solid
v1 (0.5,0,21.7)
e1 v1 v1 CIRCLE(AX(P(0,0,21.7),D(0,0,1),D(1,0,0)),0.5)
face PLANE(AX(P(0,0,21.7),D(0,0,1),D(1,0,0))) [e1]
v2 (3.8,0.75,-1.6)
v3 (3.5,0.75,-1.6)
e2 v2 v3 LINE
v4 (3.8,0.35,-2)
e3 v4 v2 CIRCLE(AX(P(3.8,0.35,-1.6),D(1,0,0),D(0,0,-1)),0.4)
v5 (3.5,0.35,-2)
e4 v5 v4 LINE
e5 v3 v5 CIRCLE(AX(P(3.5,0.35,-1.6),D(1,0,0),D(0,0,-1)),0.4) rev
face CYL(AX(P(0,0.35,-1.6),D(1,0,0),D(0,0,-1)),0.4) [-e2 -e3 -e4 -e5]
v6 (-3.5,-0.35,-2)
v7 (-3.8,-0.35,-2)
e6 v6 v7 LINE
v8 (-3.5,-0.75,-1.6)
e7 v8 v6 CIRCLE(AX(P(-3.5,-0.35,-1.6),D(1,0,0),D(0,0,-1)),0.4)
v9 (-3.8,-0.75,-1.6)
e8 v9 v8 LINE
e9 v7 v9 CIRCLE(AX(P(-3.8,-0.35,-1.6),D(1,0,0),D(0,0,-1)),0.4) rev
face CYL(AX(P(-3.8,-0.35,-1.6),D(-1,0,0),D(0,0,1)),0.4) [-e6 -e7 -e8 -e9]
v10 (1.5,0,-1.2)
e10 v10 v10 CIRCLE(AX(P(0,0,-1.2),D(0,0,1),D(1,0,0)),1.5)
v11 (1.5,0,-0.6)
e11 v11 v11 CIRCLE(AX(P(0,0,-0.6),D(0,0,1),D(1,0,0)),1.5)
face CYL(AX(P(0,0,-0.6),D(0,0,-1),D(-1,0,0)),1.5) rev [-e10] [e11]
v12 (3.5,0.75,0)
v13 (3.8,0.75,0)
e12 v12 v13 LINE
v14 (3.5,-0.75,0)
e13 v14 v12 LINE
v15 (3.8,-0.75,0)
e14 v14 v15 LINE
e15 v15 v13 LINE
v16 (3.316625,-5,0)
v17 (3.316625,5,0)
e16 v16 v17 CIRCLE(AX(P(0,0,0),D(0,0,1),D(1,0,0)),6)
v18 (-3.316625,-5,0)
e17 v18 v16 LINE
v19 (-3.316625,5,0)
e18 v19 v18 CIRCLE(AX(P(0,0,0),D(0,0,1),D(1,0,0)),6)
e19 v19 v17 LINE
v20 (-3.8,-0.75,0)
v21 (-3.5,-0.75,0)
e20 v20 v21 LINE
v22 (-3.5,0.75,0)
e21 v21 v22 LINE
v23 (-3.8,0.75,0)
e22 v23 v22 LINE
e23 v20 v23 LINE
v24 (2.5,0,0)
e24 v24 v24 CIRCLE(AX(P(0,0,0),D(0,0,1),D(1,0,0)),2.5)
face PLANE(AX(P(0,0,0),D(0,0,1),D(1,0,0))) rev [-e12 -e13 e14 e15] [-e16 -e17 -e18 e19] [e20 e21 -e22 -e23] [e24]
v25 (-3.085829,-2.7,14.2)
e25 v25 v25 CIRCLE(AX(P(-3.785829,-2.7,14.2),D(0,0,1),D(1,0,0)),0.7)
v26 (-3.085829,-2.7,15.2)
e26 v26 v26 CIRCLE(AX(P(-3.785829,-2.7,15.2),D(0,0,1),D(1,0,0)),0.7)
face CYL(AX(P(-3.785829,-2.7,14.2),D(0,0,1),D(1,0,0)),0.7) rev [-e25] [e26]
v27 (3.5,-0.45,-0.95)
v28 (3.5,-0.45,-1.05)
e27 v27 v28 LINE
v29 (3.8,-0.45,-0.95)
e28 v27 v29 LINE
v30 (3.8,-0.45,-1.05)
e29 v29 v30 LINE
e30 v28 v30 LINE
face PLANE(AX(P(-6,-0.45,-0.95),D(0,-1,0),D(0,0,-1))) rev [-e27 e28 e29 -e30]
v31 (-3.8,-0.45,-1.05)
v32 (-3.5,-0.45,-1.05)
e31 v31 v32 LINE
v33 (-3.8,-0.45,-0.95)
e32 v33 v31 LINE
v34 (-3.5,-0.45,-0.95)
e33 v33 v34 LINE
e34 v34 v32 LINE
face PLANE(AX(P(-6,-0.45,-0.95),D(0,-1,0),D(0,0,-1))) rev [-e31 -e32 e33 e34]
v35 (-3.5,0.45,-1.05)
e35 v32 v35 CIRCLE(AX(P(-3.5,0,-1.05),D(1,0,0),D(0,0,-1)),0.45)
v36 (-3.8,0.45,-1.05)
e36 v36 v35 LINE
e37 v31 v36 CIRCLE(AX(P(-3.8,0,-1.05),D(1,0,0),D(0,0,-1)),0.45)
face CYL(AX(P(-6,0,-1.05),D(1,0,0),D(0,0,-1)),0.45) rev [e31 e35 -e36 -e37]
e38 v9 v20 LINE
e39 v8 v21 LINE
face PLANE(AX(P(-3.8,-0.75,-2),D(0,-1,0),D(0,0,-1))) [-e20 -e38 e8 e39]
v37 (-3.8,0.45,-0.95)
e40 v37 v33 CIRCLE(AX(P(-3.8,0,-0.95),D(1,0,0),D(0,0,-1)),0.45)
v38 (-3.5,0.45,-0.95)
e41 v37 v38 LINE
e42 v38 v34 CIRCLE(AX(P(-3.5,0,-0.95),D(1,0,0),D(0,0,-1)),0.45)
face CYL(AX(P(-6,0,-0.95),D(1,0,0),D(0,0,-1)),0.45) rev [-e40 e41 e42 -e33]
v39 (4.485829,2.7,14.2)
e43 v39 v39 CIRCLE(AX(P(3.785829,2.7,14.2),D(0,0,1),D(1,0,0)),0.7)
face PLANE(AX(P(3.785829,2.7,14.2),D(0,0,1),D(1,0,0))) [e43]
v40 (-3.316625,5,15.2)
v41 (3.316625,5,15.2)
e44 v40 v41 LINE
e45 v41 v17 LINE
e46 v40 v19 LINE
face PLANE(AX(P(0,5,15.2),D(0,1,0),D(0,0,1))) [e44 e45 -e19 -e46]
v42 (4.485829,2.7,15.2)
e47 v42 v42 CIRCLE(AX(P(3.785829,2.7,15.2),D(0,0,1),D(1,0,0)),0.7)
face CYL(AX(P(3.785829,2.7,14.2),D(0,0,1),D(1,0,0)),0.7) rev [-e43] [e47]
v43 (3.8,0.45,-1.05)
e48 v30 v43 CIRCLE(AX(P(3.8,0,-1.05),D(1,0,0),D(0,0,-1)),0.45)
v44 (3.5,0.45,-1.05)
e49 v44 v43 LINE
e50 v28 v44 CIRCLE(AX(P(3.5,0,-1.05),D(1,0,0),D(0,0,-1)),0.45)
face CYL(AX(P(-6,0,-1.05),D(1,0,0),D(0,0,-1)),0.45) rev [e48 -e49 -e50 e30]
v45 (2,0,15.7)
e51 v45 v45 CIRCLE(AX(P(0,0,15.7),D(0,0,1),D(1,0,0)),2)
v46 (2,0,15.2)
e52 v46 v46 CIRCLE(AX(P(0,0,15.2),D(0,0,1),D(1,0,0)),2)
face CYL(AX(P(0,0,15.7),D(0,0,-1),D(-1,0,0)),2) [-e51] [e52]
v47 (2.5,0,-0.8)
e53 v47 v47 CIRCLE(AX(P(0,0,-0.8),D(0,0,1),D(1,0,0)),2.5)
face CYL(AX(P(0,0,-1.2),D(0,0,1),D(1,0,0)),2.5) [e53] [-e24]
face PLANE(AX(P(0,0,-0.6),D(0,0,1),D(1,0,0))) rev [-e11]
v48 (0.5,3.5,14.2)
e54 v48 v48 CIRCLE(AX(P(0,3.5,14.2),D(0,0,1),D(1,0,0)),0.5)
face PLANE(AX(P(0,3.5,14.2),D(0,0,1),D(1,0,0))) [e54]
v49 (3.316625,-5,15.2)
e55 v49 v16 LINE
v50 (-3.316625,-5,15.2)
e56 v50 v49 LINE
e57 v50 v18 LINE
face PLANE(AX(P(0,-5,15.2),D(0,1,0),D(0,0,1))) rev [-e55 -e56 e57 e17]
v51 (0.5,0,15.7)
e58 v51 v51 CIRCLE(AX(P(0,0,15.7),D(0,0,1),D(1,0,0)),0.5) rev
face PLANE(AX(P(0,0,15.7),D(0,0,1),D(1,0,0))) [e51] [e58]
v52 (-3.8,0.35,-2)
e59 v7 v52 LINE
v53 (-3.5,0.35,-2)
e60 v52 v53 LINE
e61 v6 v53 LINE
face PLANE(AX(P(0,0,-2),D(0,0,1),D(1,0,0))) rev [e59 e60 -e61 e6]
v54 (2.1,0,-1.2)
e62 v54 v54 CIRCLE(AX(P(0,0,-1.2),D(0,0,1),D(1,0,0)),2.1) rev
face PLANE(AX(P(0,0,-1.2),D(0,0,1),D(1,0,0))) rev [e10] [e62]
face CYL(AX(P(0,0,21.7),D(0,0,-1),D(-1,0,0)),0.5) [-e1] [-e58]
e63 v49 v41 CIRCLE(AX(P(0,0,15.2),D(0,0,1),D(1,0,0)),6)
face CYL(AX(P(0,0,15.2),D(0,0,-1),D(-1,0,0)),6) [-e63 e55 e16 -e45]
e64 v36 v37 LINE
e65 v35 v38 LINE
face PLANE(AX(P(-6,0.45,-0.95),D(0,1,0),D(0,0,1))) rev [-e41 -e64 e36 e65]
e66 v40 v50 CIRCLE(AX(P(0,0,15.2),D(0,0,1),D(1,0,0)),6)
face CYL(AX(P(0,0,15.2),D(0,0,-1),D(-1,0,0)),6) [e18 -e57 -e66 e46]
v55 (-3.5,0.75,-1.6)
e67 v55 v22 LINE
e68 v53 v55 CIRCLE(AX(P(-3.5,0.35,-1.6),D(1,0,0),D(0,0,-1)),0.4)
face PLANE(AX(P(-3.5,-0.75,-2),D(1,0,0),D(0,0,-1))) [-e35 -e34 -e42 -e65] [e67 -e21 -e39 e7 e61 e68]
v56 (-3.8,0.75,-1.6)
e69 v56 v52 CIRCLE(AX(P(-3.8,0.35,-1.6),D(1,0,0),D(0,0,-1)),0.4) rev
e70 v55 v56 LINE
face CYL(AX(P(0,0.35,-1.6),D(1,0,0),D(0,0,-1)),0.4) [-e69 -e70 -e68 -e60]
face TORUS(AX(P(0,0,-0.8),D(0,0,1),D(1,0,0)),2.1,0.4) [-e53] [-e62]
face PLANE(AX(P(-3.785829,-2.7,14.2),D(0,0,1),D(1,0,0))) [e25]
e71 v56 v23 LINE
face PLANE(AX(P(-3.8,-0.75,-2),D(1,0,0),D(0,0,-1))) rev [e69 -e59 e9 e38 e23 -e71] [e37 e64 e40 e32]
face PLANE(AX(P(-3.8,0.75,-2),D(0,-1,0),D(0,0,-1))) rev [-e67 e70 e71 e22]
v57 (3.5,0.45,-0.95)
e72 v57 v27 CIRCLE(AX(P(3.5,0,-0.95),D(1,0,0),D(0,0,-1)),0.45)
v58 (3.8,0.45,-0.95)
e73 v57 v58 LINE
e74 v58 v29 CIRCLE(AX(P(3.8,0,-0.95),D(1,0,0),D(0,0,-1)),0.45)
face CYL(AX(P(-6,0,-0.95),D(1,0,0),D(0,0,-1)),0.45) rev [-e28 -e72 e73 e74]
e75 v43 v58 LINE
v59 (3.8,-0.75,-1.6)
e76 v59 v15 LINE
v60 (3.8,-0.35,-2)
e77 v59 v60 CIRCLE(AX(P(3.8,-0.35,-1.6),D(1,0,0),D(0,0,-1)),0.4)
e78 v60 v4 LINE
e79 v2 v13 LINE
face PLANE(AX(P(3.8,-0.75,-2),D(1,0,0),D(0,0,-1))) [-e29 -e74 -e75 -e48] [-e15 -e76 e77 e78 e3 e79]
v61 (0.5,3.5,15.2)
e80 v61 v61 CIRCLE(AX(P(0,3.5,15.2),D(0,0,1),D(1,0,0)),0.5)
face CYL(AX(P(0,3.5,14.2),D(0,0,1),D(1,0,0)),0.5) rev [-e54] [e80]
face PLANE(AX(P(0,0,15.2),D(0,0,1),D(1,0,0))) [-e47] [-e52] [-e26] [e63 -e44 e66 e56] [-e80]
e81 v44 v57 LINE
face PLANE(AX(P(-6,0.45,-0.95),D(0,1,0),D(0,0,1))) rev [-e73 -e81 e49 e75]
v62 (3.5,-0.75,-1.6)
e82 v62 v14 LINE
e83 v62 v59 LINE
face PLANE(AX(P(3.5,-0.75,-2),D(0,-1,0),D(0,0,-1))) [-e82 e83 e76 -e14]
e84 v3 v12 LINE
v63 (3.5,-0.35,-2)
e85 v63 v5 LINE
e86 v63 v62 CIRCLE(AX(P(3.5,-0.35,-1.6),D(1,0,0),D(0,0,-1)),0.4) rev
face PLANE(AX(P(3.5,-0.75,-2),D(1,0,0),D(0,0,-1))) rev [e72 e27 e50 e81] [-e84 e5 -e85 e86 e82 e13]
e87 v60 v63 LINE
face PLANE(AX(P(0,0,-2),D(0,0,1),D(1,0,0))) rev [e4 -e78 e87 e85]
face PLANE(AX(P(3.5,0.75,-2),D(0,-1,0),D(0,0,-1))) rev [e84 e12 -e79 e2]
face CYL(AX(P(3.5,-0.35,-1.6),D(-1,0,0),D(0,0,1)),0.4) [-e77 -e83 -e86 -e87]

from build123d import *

# Parameters (mm, degrees)
SKETCH_1_W          = 0.3
SKETCH_1_H          = 1.5
SKETCH_1_R          = 2.5
SKETCH_1_R_2        = 1.5
EXTRUDE_1_DEPTH     = 15.2
SKETCH_1_4_W        = 0.3
SKETCH_1_4_H        = 1.5
EXTRUDE_2_DEPTH     = 2
CUT_EXTRUDE_2_DEPTH = 19.763794925
FILLET_1_R          = 0.4
SKETCH_1_5_R        = 2.5
SKETCH_1_5_R_2      = 1.5
EXTRUDE_3_DEPTH     = 1.2
CUT_EXTRUDE_START   = -1.2
SKETCH_1_7_R        = 1.5
CUT_EXTRUDE_1_DEPTH = 0.6
FILLET_2_R          = 0.4
SKETCH_3_R          = 2
EXTRUDE_4_DEPTH     = 0.5
SKETCH_3_3_R        = 0.5
EXTRUDE_5_DEPTH     = 6.5
SKETCH_4_R          = 0.7
SKETCH_4_R_2        = 0.5
CUT_EXTRUDE_3_DEPTH = 1


with BuildPart() as part:
    # 草图1 → 凸台-拉伸1 (new body)
    # profile 1 of 5: a face of its own
    with BuildSketch(Plane.XY):
        with BuildLine():
            ThreePointArc((-6, 0), (-5.286764074, -2.837274331), (-3.31662479, -5))
            Line((-3.31662479, -5), (3.31662479, -5))
            ThreePointArc((3.31662479, -5), (5.286764074, -2.837274331), (6, 0))
            ThreePointArc((6, 0), (5.286764074, 2.837274331), (3.31662479, 5))
            Line((3.31662479, 5), (-3.31662479, 5))
            ThreePointArc((-3.31662479, 5), (-5.286764074, 2.837274331), (-6, 0))
        make_face()
        with Locations((-3.65, 0)):
            Rectangle(SKETCH_1_W, SKETCH_1_H, mode=Mode.SUBTRACT)
        Circle(SKETCH_1_R, mode=Mode.SUBTRACT)
        with Locations((3.65, 0)):
            Rectangle(SKETCH_1_W, SKETCH_1_H, mode=Mode.SUBTRACT)
    # profile 2 of 5: a face of its own
    with BuildSketch(Plane.XY):
        Circle(SKETCH_1_R)
        Circle(SKETCH_1_R_2, mode=Mode.SUBTRACT)
    # profile 3 of 5: a face of its own
    with BuildSketch(Plane.XY):
        Circle(SKETCH_1_R_2)
    # profile 4 of 5: a face of its own
    with BuildSketch(Plane.XY):
        with Locations((3.65, 0)):
            Rectangle(SKETCH_1_W, SKETCH_1_H)
    # profile 5 of 5: a face of its own
    with BuildSketch(Plane.XY):
        with Locations((-3.65, 0)):
            Rectangle(SKETCH_1_W, SKETCH_1_H)
    extrude(amount=EXTRUDE_1_DEPTH)

    # 草图1<4> → 凸台-拉伸2 (add)
    with BuildSketch(Plane.XY):
        with Locations((3.65, 0)):
            Rectangle(SKETCH_1_4_W, SKETCH_1_4_H)
        with Locations((-3.65, 0)):
            Rectangle(SKETCH_1_4_W, SKETCH_1_4_H)
    extrude(amount=-EXTRUDE_2_DEPTH)

    # 草图2 → 切除-拉伸2 (cut, through all)
    with BuildSketch(Plane(origin=(3.8, 0, 0), x_dir=(0, 0, -1), z_dir=(1, 0, 0))):
        with BuildLine():
            Line((0.95, 0.45), (1.05, 0.45))
            ThreePointArc((1.05, 0.45), (1.5, 0), (1.05, -0.45))
            Line((1.05, -0.45), (0.95, -0.45))
            ThreePointArc((0.95, -0.45), (0.5, 0), (0.95, 0.45))
        make_face()
    extrude(amount=-CUT_EXTRUDE_2_DEPTH, mode=Mode.SUBTRACT)

    # 圆角1
    fillet_1_edges = [part.edges().sort_by_distance(p)[0] for p in [
        (3.65, -0.75, -2),
        (3.65, 0.75, -2),
        (-3.65, -0.75, -2),
        (-3.65, 0.75, -2),
    ]]
    fillet(fillet_1_edges, radius=FILLET_1_R)

    # 草图1<5> → 凸台-拉伸3 (add)
    # profile 1 of 2: a face of its own
    with BuildSketch(Plane.XY):
        Circle(SKETCH_1_5_R)
        Circle(SKETCH_1_5_R_2, mode=Mode.SUBTRACT)
    # profile 2 of 2: a face of its own
    with BuildSketch(Plane.XY):
        Circle(SKETCH_1_5_R_2)
    extrude(amount=-EXTRUDE_3_DEPTH)

    # 草图1<7> → 切除-拉伸1 (cut)
    with BuildSketch(Plane.XY.offset(CUT_EXTRUDE_START)):
        Circle(SKETCH_1_7_R)
    extrude(amount=CUT_EXTRUDE_1_DEPTH, mode=Mode.SUBTRACT)

    # 圆角2
    fillet_2_edges = [part.edges().sort_by_distance(p)[0] for p in [
        (-2.5, 0, -1.2),
    ]]
    fillet(fillet_2_edges, radius=FILLET_2_R)

    # 草图3 → 凸台-拉伸4 (add)
    with BuildSketch(Plane.XY.offset(15.2)):
        Circle(SKETCH_3_R)
    extrude(amount=EXTRUDE_4_DEPTH)

    # 草图3<3> → 凸台-拉伸5 (add)
    with BuildSketch(Plane.XY.offset(15.2)):
        Circle(SKETCH_3_3_R)
    extrude(amount=EXTRUDE_5_DEPTH)

    # 草图4 → 切除-拉伸3 (cut)
    with BuildSketch(Plane.XY.offset(15.2)):
        with Locations((-3.785828839, -2.7)):
            Circle(SKETCH_4_R)
        with Locations((3.785828839, 2.7)):
            Circle(SKETCH_4_R)
        with Locations((0, 3.5)):
            Circle(SKETCH_4_R_2)
    extrude(amount=-CUT_EXTRUDE_3_DEPTH, mode=Mode.SUBTRACT)


solid = part.part
